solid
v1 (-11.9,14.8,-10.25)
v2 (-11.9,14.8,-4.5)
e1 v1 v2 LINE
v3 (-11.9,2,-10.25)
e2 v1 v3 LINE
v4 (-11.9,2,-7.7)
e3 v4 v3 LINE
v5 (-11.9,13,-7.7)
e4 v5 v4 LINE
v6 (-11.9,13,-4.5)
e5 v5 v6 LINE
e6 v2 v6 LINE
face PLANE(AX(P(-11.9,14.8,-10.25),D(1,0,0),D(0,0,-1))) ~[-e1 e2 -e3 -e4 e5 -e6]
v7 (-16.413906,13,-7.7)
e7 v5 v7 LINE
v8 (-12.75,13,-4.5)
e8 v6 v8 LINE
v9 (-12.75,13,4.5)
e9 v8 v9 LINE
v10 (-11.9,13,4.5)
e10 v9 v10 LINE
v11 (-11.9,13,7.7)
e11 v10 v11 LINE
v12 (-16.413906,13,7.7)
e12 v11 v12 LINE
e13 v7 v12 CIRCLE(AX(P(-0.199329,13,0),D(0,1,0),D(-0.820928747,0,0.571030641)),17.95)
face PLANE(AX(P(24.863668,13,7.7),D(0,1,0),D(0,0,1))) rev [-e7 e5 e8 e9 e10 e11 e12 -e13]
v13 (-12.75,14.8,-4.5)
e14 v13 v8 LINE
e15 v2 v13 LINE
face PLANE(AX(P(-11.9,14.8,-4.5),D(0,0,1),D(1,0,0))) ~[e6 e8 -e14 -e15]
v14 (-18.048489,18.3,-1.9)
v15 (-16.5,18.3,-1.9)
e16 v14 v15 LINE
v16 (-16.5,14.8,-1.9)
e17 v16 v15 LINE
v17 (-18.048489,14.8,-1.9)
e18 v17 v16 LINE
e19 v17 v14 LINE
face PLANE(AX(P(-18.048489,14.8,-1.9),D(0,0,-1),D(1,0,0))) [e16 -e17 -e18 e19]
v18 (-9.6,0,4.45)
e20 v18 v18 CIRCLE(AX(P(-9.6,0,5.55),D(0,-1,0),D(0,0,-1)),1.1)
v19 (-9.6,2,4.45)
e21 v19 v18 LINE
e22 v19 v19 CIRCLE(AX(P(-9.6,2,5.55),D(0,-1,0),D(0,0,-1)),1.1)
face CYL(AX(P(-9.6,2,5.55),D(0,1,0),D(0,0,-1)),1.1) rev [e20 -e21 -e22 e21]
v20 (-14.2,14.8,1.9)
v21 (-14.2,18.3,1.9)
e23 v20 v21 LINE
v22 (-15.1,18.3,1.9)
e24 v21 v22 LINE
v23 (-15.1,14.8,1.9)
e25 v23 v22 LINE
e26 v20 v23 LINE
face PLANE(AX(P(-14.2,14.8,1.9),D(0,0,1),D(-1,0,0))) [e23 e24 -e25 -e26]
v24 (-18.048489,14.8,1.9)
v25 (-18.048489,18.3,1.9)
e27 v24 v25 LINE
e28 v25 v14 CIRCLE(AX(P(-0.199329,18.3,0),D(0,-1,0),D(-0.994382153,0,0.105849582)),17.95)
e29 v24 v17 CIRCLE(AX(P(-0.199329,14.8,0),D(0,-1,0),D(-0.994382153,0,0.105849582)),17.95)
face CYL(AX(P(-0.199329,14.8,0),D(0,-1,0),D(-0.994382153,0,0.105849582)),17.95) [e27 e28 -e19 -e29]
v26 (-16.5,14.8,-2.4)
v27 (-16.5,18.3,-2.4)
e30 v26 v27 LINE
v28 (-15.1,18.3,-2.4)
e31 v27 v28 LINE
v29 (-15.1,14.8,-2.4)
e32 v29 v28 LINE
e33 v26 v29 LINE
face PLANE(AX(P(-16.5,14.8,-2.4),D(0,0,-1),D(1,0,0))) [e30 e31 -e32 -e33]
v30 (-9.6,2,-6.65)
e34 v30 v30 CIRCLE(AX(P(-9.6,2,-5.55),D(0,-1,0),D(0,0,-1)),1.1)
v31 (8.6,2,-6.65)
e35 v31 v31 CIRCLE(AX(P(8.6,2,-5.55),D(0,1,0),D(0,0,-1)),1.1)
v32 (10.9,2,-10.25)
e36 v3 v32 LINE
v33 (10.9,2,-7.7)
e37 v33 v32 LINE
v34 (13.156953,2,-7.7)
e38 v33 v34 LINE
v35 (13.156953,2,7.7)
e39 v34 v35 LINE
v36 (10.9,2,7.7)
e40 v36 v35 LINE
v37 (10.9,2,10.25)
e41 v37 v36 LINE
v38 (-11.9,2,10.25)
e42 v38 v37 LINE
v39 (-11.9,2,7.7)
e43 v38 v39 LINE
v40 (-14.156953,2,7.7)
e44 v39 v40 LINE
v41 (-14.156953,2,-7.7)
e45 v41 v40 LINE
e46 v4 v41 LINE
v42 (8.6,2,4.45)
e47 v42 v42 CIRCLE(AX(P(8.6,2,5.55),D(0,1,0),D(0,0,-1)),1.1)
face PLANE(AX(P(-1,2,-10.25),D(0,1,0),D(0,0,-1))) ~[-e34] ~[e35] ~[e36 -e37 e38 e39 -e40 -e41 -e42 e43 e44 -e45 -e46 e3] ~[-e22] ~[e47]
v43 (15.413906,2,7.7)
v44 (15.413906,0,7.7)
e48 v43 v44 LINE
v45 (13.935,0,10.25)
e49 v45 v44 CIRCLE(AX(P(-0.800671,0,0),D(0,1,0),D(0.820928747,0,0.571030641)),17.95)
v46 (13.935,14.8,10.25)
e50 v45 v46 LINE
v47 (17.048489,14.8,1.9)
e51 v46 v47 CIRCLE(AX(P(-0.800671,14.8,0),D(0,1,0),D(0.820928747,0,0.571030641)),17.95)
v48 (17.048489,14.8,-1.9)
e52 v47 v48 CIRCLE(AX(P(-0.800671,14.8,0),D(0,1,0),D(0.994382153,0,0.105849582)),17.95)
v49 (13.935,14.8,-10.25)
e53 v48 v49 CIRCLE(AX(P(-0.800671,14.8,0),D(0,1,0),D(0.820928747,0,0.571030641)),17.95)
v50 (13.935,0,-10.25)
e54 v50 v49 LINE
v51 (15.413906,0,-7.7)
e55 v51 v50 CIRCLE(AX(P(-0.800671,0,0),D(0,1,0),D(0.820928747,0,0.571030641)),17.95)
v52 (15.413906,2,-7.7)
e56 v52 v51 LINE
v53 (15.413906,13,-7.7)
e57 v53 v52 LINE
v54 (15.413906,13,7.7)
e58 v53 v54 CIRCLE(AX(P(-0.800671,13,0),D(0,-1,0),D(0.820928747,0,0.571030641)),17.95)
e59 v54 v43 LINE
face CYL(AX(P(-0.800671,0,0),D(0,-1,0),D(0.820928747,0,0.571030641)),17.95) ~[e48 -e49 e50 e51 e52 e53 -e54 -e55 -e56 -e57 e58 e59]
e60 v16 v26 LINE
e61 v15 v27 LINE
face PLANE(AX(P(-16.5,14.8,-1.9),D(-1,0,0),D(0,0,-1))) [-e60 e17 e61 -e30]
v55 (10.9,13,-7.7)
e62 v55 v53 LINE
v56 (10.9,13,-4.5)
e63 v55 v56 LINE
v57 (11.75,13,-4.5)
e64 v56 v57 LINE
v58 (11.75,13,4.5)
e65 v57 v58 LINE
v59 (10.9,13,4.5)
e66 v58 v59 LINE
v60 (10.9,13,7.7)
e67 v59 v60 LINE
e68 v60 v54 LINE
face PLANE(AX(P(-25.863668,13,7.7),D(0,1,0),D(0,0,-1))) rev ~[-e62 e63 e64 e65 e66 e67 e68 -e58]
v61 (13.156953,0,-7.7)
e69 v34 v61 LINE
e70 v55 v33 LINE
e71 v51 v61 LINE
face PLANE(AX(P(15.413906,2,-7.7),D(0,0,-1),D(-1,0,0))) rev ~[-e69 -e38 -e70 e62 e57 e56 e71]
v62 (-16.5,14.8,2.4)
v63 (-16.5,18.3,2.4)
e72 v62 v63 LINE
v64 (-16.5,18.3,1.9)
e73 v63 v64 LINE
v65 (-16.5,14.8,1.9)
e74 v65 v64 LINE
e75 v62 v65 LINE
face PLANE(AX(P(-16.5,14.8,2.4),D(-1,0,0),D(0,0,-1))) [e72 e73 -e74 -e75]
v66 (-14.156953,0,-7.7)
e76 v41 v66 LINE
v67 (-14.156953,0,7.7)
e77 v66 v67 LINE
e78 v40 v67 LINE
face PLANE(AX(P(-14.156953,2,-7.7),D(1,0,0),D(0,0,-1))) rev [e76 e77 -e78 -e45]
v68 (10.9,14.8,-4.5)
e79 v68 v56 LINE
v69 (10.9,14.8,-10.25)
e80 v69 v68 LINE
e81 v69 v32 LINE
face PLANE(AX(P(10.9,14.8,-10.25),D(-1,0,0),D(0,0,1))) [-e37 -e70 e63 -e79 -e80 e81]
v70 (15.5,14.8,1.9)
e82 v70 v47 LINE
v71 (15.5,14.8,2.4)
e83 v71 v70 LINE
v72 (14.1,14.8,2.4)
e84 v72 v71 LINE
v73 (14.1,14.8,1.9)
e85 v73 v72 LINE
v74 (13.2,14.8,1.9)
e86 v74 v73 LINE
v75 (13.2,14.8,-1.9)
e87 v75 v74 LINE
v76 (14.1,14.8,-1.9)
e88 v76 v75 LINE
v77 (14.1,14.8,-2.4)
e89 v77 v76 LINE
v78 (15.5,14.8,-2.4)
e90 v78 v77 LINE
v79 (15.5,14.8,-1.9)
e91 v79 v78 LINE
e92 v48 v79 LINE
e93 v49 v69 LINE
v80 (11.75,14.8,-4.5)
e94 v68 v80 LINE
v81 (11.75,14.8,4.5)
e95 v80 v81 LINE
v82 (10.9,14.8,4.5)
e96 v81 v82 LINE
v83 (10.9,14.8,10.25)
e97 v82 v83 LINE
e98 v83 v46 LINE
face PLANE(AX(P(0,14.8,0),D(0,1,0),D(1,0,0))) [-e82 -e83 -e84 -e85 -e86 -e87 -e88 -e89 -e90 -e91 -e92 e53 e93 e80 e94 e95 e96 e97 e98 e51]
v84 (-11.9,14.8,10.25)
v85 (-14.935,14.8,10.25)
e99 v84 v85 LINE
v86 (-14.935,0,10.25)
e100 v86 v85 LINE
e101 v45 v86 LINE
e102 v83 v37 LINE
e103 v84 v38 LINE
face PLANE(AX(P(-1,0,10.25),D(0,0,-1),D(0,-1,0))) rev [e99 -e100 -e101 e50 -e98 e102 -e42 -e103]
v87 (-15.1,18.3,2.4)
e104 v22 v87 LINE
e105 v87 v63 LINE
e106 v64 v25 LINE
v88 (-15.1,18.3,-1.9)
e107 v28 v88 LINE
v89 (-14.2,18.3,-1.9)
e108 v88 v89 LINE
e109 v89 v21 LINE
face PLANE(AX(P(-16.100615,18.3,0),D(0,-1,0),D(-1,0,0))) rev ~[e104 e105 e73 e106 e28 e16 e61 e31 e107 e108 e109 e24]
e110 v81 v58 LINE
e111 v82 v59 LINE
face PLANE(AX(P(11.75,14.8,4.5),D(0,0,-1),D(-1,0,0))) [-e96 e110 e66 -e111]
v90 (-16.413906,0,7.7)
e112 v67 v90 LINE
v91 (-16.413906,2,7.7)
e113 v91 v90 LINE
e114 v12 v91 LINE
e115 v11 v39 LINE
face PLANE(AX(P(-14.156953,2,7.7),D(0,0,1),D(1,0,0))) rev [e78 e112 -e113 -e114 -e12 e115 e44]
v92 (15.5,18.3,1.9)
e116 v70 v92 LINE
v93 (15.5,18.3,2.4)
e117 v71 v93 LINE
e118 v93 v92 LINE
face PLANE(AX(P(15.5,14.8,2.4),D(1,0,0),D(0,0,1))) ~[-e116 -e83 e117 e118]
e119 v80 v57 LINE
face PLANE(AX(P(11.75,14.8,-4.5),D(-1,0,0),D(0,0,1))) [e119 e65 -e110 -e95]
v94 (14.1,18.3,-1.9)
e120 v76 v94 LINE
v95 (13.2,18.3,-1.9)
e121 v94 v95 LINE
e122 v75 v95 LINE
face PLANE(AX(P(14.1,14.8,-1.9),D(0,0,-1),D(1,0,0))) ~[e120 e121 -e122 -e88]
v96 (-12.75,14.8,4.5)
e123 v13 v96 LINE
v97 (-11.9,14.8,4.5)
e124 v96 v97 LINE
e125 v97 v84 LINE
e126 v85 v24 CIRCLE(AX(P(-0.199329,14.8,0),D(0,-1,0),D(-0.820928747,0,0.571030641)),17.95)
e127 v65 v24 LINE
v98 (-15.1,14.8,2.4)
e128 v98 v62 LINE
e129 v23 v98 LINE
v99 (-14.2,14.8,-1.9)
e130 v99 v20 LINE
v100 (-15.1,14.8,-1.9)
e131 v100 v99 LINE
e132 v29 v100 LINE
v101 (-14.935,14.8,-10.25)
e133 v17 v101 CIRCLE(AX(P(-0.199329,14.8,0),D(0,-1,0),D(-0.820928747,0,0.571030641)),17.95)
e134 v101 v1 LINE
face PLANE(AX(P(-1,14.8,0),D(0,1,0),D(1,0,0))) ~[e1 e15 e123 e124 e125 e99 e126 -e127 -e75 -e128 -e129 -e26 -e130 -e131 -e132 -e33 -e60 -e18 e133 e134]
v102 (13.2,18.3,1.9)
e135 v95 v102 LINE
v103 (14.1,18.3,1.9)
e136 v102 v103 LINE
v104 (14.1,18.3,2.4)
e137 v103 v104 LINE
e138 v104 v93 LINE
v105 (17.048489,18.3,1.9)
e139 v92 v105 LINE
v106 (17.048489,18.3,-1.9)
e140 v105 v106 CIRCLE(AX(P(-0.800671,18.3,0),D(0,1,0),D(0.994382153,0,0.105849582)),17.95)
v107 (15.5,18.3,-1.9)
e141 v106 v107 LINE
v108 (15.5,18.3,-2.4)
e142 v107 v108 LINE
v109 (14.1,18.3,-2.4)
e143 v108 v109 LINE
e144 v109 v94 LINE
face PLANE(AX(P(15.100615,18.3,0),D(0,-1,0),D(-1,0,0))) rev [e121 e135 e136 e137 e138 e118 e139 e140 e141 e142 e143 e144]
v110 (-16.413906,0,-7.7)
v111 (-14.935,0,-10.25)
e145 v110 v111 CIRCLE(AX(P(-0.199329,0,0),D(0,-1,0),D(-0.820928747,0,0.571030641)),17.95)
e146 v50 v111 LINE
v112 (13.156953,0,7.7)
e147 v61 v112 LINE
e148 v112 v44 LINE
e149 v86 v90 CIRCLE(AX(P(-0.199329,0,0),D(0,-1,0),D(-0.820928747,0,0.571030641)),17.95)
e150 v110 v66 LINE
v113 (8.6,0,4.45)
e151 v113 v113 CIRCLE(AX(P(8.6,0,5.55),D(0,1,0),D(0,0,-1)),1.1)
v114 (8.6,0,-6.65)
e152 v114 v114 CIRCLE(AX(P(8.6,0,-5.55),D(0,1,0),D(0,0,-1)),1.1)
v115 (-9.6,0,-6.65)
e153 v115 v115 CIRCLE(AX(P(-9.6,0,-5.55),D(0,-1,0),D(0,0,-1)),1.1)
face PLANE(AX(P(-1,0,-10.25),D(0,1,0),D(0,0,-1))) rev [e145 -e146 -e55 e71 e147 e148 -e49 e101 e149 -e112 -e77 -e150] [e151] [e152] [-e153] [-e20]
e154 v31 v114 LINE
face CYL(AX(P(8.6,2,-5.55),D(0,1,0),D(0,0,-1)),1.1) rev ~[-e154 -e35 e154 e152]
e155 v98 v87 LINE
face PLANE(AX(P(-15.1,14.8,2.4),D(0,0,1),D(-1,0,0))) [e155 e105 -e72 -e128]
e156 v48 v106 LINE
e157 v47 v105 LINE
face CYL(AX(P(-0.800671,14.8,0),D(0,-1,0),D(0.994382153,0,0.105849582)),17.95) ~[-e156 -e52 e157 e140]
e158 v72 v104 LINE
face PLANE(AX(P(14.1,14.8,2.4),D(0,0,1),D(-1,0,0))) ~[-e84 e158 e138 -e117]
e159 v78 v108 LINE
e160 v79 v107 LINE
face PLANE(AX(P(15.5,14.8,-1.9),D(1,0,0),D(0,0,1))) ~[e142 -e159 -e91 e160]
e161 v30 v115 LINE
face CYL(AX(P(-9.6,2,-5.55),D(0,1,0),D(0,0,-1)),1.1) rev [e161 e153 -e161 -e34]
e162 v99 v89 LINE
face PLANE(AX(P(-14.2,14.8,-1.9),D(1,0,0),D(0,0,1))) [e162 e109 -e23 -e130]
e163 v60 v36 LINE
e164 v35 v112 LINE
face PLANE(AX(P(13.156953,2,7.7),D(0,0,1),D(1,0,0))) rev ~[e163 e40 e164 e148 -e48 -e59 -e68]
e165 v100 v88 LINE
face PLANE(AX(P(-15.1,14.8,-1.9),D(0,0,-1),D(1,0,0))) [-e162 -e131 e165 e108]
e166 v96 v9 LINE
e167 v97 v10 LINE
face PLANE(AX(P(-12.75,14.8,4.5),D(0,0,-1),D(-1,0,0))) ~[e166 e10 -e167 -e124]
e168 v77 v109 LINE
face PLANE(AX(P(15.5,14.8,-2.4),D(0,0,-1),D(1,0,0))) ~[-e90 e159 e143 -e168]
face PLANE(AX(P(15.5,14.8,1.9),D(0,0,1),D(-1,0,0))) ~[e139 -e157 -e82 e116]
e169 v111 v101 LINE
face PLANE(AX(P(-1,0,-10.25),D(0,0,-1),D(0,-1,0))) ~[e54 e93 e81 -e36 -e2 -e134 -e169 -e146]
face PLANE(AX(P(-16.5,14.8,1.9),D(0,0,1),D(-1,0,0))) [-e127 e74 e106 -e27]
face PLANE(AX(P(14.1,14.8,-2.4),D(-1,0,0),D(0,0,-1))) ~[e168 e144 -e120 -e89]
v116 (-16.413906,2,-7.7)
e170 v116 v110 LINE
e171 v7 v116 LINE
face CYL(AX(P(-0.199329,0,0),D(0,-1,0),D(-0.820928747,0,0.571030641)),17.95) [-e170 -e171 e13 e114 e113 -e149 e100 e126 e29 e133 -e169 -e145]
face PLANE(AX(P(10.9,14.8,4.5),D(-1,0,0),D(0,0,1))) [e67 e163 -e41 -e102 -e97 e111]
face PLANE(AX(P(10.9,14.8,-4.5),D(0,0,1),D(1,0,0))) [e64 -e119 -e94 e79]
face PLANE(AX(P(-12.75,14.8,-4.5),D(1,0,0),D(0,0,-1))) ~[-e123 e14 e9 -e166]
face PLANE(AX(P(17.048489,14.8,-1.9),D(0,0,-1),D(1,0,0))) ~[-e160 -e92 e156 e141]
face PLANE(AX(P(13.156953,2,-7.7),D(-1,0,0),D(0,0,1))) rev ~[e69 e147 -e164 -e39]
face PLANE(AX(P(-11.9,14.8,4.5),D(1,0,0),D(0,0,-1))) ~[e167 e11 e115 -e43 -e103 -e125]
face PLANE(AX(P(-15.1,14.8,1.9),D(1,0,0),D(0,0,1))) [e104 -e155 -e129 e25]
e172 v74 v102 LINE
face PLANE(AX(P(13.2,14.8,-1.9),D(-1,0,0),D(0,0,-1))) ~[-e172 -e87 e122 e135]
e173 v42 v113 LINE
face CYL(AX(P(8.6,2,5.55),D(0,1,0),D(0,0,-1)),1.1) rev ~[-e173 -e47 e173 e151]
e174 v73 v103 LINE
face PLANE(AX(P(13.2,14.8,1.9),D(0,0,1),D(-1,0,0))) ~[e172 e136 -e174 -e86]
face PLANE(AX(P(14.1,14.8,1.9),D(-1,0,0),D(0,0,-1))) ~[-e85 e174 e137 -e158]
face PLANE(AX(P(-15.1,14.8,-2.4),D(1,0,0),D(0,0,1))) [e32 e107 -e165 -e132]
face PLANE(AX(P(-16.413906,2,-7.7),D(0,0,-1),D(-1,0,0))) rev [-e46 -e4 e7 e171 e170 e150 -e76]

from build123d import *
from build123d.topology import SkipClean

# Parameters (mm, degrees)
SALIENTE_EXTRUIR1_DEPTH           = 14.8
CORTAR_EXTRUIR1_DEPTH             = 25.86366797
CORTAR_EXTRUIR1_DEPTH_BACK        = 25.86366797
CROQUIS2_W                        = 15.4
CROQUIS2_H                        = 11
CORTAR_EXTRUIR2_REACH             = 26.864
CORTAR_EXTRUIR2_DIRECTION_2_DEPTH = 25.86366797
SALIENTE_EXTRUIR2_DEPTH           = 3.5
CROQUIS5_R                        = 1.1
CORTAR_EXTRUIR3_DEPTH             = 26.784723868
CORTAR_EXTRUIR4_DEPTH             = 26.784723868
CROQUIS7_W                        = 27.231493877
CROQUIS7_H                        = 23.409529823
CORTAR_EXTRUIR5_DEPTH             = 28.093393751
CROQUIS8_W                        = 20.5
CROQUIS8_H                        = 2
SALIENTE_EXTRUIR3_DEPTH           = 0.5


with BuildPart() as part:
    # Croquis1 → Saliente-Extruir1 (new body)
    with BuildSketch(Plane(origin=(0, 0, 0), x_dir=(1, 0, 0), z_dir=(0, 1, 0))):
        with BuildLine():
            Line((-13.935, -10.25), (13.935, -10.25))
            ThreePointArc((13.935, -10.25), (17.149328994, 0), (13.935, 10.25))
            Line((13.935, 10.25), (-13.935, 10.25))
            ThreePointArc((-13.935, 10.25), (-17.149328994, 0), (-13.935, -10.25))
        make_face()
    extrude(amount=SALIENTE_EXTRUIR1_DEPTH)

    # Croquis2 → Cortar-Extruir1 (cut, two sides: drawn at the far end of the back side and taken through both)
    with BuildSketch(Plane(origin=(0, 0, 0), x_dir=(0, 0, -1), z_dir=(1, 0, 0)).offset(-CORTAR_EXTRUIR1_DEPTH_BACK)):
        with Locations((0, 7.5)):
            Rectangle(CROQUIS2_W, CROQUIS2_H)
    extrude(amount=CORTAR_EXTRUIR1_DEPTH + CORTAR_EXTRUIR1_DEPTH_BACK, mode=Mode.SUBTRACT)

    # Cortar-Extruir2: up to this face of the body (flat: up to its plane)
    cortar_extruir2_end = Plane(part.part.faces().sort_by_distance((0, 2, 0))[0])
    # Croquis3 → Cortar-Extruir2 (cut, up to the picked face)
    with BuildSketch(Plane(origin=(0, 14.8, 0), x_dir=(1, 0, 0), z_dir=(0, 1, 0)), mode=Mode.PRIVATE) as cortar_extruir2_sk1:
        Polygon((10.9, -10.25), (-10.9, -10.25), (-10.9, -4.5), (-11.75, -4.5), (-11.75, 4.5), (-10.9, 4.5), (-10.9, 10.25), (10.9, 10.25), (10.9, 4.5), (11.75, 4.5), (11.75, -4.5), (10.9, -4.5), align=None)
    cortar_extruir2_tool1 = split(extrude(cortar_extruir2_sk1.sketch, amount=-CORTAR_EXTRUIR2_REACH, mode=Mode.PRIVATE), bisect_by=cortar_extruir2_end, keep=Keep.BOTH, mode=Mode.PRIVATE)
    add(cortar_extruir2_tool1.solids().sort_by(Axis((0, 14.8, 0), (0, -1, 0)))[0], mode=Mode.SUBTRACT)

    # Croquis3 → Cortar-Extruir2 direction 2 (cut)
    with BuildSketch(Plane(origin=(0, 14.8, 0), x_dir=(1, 0, 0), z_dir=(0, 1, 0))):
        Polygon((10.9, -10.25), (-10.9, -10.25), (-10.9, -4.5), (-11.75, -4.5), (-11.75, 4.5), (-10.9, 4.5), (-10.9, 10.25), (10.9, 10.25), (10.9, 4.5), (11.75, 4.5), (11.75, -4.5), (10.9, -4.5), align=None)
    extrude(amount=CORTAR_EXTRUIR2_DIRECTION_2_DEPTH, mode=Mode.SUBTRACT)

    # Croquis4 → Saliente-Extruir2 (add)
    with SkipClean():  # the faces are left unmerged after this step: merging them gives an invalid solid
        with BuildSketch(Plane(origin=(0, 14.8, 0), x_dir=(1, 0, 0), z_dir=(0, 1, 0))):
            with BuildLine():
                Line((-13.2, 1.9), (-13.2, -1.9))
                Line((-13.2, -1.9), (-14.1, -1.9))
                Line((-14.1, -1.9), (-14.1, -2.4))
                Line((-14.1, -2.4), (-15.5, -2.4))
                Line((-15.5, -2.4), (-15.5, -1.9))
                Line((-15.5, -1.9), (-17.048488638, -1.9))
                ThreePointArc((-17.048488638, -1.9), (-17.149328994, 0), (-17.048488638, 1.9))
                Line((-17.048488638, 1.9), (-15.5, 1.9))
                Line((-15.5, 1.9), (-15.5, 2.4))
                Line((-15.5, 2.4), (-14.1, 2.4))
                Line((-14.1, 2.4), (-14.1, 1.9))
                Line((-14.1, 1.9), (-13.2, 1.9))
            make_face()
        saliente_extruir2 = extrude(amount=SALIENTE_EXTRUIR2_DEPTH)

    # Simetría1: Saliente-Extruir2 across plane
    with SkipClean():  # the faces are left unmerged after this step: merging them gives an invalid solid
        add(saliente_extruir2.mirror(Plane(origin=(0, 0, 0), x_dir=(0, 0, 1), z_dir=(1, 0, 0))))

    # Croquis5 → Cortar-Extruir3 (cut, through all)
    with SkipClean():  # the faces are left unmerged after this step: merging them gives an invalid solid
        with BuildSketch(Plane(origin=(0, 2, 0), x_dir=(1, 0, 0), z_dir=(0, 1, 0))):
            with Locations(Location((-8.6, -5.55, 0), (0, 0, 270))):
                Circle(CROQUIS5_R)
            with Locations(Location((-8.6, 5.55, 0), (0, 0, 270))):
                Circle(CROQUIS5_R)
            with Locations(Location((8.6, -5.55, 0), (0, 0, 90))):
                Circle(CROQUIS5_R)
            with Locations(Location((8.6, 5.55, 0), (0, 0, 90))):
                Circle(CROQUIS5_R)
        extrude(amount=-CORTAR_EXTRUIR3_DEPTH, mode=Mode.SUBTRACT)

    # Croquis6 → Cortar-Extruir4 (cut, through all)
    with BuildSketch(Plane(origin=(0, 2, 0), x_dir=(1, 0, 0), z_dir=(0, 1, 0))):
        with BuildLine():
            Line((-13.156952885, 7.7), (-13.156952885, -7.7))
            Line((-13.156952885, -7.7), (-15.413905769, -7.7))
            ThreePointArc((-15.413905769, -7.7), (-17.149328994, 0), (-15.413905769, 7.7))
            Line((-15.413905769, 7.7), (-13.156952885, 7.7))
        make_face()
        with BuildLine():
            Line((13.156952885, 7.7), (13.156952885, -7.7))
            Line((13.156952885, -7.7), (15.413905769, -7.7))
            ThreePointArc((15.413905769, -7.7), (17.149328994, 0), (15.413905769, 7.7))
            Line((15.413905769, 7.7), (13.156952885, 7.7))
        make_face()
    extrude(amount=-CORTAR_EXTRUIR4_DEPTH, mode=Mode.SUBTRACT)

    # Croquis7 → Cortar-Extruir5 (cut, through all)
    with BuildSketch(Plane(origin=(0, 0, 0), x_dir=(0, 0, -1), z_dir=(1, 0, 0))):
        with Locations((0.238872753, 8.562005531)):
            Rectangle(CROQUIS7_W, CROQUIS7_H)
    extrude(amount=-CORTAR_EXTRUIR5_DEPTH, mode=Mode.SUBTRACT)

    # Croquis8 → Saliente-Extruir3 (add)
    with BuildSketch(Plane.ZY):
        with Locations((0, 1)):
            Rectangle(CROQUIS8_W, CROQUIS8_H)
    extrude(amount=SALIENTE_EXTRUIR3_DEPTH)

    # Simetría4: part across plane


with BuildPart() as part_1:
    add(part.part)
    add(part.part.mirror(Plane.ZY.offset(0.5)))


solid = part_1.part
